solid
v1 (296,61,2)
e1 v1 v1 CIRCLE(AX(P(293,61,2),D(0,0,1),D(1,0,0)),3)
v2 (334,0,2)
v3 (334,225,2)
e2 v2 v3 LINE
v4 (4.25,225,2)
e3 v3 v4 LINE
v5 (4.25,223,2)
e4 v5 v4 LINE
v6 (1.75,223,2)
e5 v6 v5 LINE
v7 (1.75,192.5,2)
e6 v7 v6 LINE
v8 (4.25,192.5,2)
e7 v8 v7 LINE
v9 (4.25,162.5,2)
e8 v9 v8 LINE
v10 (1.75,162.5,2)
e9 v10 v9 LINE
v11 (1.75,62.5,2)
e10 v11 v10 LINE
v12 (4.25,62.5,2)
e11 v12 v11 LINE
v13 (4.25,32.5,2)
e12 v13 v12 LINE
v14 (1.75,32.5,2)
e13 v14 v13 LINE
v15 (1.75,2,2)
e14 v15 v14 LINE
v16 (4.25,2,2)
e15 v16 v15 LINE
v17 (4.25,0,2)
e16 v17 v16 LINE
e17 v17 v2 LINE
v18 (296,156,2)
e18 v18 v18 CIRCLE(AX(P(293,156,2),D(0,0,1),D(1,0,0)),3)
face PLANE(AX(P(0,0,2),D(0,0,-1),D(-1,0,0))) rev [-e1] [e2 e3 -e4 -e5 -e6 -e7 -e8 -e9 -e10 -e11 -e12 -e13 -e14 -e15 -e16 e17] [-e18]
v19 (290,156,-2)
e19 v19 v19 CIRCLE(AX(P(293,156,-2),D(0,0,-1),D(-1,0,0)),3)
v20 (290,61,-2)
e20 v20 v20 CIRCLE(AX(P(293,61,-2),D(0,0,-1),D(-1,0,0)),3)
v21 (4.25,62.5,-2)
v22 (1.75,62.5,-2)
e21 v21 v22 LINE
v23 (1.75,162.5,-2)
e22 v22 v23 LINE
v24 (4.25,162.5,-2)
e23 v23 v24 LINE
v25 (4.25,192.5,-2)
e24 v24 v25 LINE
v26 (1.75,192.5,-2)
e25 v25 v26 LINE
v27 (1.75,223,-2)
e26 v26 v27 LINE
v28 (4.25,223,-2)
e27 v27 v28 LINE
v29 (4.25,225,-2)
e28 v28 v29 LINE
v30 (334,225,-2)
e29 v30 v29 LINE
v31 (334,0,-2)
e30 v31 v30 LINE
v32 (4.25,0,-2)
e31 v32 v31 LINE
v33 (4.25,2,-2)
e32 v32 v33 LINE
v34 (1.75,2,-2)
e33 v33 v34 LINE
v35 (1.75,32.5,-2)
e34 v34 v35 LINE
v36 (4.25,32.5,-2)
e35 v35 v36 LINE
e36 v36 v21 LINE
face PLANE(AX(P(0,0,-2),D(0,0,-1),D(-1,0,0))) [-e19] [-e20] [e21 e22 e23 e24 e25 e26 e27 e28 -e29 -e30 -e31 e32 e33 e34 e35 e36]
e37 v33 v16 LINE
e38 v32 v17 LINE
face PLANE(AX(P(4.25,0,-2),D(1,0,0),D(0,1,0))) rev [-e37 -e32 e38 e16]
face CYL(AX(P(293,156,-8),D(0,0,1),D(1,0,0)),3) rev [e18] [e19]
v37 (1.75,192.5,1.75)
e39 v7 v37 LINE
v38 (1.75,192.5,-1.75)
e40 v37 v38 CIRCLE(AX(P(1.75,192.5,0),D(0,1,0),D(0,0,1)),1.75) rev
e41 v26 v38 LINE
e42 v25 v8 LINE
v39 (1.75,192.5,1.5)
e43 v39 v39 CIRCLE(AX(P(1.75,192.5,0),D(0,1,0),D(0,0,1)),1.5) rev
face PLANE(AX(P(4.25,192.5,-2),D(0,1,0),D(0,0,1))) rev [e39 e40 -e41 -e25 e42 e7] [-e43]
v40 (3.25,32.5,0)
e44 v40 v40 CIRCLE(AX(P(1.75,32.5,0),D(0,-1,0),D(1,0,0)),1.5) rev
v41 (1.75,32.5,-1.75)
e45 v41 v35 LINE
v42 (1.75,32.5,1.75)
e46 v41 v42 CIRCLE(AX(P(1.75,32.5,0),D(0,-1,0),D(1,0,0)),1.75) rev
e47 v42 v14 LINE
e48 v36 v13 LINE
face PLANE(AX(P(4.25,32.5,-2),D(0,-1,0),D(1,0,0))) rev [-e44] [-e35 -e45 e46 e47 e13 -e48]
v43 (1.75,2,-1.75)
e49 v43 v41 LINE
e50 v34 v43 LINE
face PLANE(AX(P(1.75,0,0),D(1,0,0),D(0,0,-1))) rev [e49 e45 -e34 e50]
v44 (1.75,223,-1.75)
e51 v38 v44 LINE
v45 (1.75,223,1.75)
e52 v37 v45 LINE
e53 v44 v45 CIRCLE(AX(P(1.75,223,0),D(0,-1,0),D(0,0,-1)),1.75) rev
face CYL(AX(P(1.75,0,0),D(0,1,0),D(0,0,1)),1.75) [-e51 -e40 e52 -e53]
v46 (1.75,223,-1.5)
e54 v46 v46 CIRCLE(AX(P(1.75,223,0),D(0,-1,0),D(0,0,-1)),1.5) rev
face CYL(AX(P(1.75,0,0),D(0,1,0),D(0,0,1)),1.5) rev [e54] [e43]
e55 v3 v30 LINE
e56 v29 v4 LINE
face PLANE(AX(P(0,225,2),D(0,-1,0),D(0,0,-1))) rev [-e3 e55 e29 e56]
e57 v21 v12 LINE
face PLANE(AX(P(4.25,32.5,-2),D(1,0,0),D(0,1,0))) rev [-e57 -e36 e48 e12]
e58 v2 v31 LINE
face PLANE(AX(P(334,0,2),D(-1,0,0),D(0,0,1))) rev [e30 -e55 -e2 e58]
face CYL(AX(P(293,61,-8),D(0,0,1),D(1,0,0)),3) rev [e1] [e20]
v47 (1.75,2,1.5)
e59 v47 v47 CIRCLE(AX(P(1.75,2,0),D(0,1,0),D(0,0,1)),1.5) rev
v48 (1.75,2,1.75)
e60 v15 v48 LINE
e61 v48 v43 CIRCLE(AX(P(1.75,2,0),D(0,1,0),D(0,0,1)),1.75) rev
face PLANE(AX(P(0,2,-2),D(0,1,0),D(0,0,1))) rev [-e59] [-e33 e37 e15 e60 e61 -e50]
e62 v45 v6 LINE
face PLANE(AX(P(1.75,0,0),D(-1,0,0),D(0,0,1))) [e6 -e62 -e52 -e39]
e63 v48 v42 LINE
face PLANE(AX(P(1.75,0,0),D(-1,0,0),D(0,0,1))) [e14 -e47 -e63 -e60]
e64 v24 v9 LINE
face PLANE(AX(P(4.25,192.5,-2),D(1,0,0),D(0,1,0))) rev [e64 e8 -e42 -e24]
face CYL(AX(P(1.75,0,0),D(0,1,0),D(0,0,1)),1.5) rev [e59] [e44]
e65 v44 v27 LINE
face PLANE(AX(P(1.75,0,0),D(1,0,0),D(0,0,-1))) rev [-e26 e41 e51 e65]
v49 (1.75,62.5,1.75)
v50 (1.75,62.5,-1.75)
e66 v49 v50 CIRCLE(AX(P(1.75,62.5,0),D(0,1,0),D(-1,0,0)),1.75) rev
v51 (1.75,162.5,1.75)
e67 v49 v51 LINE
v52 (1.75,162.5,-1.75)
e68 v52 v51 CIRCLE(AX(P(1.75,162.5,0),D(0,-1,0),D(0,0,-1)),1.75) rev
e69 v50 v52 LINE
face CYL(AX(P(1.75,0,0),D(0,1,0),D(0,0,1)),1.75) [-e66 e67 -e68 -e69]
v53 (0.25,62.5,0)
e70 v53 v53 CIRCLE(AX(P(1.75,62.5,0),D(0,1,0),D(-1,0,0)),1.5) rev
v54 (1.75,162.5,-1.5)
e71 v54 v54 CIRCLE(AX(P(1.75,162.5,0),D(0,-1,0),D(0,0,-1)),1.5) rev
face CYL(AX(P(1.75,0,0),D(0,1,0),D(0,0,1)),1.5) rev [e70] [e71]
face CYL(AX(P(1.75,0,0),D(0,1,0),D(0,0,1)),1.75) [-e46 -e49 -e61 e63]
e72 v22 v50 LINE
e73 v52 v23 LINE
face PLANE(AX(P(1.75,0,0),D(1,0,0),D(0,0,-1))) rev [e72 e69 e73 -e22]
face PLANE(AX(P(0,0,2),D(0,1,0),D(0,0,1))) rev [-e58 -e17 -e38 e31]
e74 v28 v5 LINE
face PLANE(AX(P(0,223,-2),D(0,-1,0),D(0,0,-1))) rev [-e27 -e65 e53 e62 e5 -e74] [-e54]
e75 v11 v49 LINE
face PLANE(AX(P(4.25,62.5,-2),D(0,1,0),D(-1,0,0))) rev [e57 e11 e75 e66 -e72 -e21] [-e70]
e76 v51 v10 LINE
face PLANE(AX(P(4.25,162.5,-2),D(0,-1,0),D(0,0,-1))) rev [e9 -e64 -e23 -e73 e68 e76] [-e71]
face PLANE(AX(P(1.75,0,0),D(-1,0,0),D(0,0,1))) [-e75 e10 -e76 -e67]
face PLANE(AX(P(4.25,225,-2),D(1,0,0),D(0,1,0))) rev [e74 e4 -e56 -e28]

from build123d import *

# Parameters (mm, degrees)
SKETCH2_W           = 334
SKETCH2_H           = 225
BOSS_EXTRUDE1_DEPTH = 2
SKETCH3_R           = 1.5
CUT_EXTRUDE1_DEPTH  = 403.721988473
SKETCH4_W           = 4.25
SKETCH4_H           = 30
CUT_EXTRUDE2_DEPTH  = 403.736886813
SKETCH5_W           = 4.25
SKETCH5_H           = 2
CUT_EXTRUDE3_DEPTH  = 403.736886813
SKETCH6_R           = 3
CUT_EXTRUDE4_DEPTH  = 10


with BuildPart() as part:
    # Sketch2 → Boss-Extrude1 (new, symmetric)
    with BuildSketch(Plane.XY):
        with Locations((167, 112.5)):
            Rectangle(SKETCH2_W, SKETCH2_H)
    extrude(amount=BOSS_EXTRUDE1_DEPTH, both=True)

    # Sketch3 → Cut-Extrude1 (cut, through all)
    with BuildSketch(Plane(origin=(0, 225, 0), x_dir=(1, 0, 0), z_dir=(0, 1, 0))):
        with BuildLine():
            ThreePointArc((0, 0), (0.512563133, 1.237436867), (1.75, 1.75))
            Line((1.75, 1.75), (1.75, 2))
            Line((1.75, 2), (0, 2))
            Line((0, 2), (0, 0))
        make_face()
        with BuildLine():
            ThreePointArc((1.75, -1.75), (0.512563133, -1.237436867), (0, 0))
            Line((0, 0), (0, -2))
            Line((0, -2), (1.75, -2))
            Line((1.75, -2), (1.75, -1.75))
        make_face()
        with Locations(Location((1.75, 0, 0), (0, 0, 270))):
            Circle(SKETCH3_R)
    extrude(amount=-CUT_EXTRUDE1_DEPTH, mode=Mode.SUBTRACT)

    # Sketch4 → Cut-Extrude2 (cut, through all)
    with BuildSketch(Plane.XY.offset(2)):
        with Locations((2.125, 177.5)):
            Rectangle(SKETCH4_W, SKETCH4_H)
        with Locations((2.125, 47.5)):
            Rectangle(SKETCH4_W, SKETCH4_H)
    extrude(amount=-CUT_EXTRUDE2_DEPTH, mode=Mode.SUBTRACT)

    # Sketch5 → Cut-Extrude3 (cut, through all)
    with BuildSketch(Plane.XY.offset(2)):
        with Locations((2.125, 224)):
            Rectangle(SKETCH5_W, SKETCH5_H)
        with Locations((2.125, 1)):
            Rectangle(SKETCH5_W, SKETCH5_H)
    extrude(amount=-CUT_EXTRUDE3_DEPTH, mode=Mode.SUBTRACT)

    # Sketch6 → Cut-Extrude4 (cut)
    with BuildSketch(Plane.XY.offset(2)):
        with Locations((293, 155.999999999)):
            Circle(SKETCH6_R)
        with Locations((293, 60.999999999)):
            Circle(SKETCH6_R)
    extrude(amount=-CUT_EXTRUDE4_DEPTH, mode=Mode.SUBTRACT)


solid = part.part
